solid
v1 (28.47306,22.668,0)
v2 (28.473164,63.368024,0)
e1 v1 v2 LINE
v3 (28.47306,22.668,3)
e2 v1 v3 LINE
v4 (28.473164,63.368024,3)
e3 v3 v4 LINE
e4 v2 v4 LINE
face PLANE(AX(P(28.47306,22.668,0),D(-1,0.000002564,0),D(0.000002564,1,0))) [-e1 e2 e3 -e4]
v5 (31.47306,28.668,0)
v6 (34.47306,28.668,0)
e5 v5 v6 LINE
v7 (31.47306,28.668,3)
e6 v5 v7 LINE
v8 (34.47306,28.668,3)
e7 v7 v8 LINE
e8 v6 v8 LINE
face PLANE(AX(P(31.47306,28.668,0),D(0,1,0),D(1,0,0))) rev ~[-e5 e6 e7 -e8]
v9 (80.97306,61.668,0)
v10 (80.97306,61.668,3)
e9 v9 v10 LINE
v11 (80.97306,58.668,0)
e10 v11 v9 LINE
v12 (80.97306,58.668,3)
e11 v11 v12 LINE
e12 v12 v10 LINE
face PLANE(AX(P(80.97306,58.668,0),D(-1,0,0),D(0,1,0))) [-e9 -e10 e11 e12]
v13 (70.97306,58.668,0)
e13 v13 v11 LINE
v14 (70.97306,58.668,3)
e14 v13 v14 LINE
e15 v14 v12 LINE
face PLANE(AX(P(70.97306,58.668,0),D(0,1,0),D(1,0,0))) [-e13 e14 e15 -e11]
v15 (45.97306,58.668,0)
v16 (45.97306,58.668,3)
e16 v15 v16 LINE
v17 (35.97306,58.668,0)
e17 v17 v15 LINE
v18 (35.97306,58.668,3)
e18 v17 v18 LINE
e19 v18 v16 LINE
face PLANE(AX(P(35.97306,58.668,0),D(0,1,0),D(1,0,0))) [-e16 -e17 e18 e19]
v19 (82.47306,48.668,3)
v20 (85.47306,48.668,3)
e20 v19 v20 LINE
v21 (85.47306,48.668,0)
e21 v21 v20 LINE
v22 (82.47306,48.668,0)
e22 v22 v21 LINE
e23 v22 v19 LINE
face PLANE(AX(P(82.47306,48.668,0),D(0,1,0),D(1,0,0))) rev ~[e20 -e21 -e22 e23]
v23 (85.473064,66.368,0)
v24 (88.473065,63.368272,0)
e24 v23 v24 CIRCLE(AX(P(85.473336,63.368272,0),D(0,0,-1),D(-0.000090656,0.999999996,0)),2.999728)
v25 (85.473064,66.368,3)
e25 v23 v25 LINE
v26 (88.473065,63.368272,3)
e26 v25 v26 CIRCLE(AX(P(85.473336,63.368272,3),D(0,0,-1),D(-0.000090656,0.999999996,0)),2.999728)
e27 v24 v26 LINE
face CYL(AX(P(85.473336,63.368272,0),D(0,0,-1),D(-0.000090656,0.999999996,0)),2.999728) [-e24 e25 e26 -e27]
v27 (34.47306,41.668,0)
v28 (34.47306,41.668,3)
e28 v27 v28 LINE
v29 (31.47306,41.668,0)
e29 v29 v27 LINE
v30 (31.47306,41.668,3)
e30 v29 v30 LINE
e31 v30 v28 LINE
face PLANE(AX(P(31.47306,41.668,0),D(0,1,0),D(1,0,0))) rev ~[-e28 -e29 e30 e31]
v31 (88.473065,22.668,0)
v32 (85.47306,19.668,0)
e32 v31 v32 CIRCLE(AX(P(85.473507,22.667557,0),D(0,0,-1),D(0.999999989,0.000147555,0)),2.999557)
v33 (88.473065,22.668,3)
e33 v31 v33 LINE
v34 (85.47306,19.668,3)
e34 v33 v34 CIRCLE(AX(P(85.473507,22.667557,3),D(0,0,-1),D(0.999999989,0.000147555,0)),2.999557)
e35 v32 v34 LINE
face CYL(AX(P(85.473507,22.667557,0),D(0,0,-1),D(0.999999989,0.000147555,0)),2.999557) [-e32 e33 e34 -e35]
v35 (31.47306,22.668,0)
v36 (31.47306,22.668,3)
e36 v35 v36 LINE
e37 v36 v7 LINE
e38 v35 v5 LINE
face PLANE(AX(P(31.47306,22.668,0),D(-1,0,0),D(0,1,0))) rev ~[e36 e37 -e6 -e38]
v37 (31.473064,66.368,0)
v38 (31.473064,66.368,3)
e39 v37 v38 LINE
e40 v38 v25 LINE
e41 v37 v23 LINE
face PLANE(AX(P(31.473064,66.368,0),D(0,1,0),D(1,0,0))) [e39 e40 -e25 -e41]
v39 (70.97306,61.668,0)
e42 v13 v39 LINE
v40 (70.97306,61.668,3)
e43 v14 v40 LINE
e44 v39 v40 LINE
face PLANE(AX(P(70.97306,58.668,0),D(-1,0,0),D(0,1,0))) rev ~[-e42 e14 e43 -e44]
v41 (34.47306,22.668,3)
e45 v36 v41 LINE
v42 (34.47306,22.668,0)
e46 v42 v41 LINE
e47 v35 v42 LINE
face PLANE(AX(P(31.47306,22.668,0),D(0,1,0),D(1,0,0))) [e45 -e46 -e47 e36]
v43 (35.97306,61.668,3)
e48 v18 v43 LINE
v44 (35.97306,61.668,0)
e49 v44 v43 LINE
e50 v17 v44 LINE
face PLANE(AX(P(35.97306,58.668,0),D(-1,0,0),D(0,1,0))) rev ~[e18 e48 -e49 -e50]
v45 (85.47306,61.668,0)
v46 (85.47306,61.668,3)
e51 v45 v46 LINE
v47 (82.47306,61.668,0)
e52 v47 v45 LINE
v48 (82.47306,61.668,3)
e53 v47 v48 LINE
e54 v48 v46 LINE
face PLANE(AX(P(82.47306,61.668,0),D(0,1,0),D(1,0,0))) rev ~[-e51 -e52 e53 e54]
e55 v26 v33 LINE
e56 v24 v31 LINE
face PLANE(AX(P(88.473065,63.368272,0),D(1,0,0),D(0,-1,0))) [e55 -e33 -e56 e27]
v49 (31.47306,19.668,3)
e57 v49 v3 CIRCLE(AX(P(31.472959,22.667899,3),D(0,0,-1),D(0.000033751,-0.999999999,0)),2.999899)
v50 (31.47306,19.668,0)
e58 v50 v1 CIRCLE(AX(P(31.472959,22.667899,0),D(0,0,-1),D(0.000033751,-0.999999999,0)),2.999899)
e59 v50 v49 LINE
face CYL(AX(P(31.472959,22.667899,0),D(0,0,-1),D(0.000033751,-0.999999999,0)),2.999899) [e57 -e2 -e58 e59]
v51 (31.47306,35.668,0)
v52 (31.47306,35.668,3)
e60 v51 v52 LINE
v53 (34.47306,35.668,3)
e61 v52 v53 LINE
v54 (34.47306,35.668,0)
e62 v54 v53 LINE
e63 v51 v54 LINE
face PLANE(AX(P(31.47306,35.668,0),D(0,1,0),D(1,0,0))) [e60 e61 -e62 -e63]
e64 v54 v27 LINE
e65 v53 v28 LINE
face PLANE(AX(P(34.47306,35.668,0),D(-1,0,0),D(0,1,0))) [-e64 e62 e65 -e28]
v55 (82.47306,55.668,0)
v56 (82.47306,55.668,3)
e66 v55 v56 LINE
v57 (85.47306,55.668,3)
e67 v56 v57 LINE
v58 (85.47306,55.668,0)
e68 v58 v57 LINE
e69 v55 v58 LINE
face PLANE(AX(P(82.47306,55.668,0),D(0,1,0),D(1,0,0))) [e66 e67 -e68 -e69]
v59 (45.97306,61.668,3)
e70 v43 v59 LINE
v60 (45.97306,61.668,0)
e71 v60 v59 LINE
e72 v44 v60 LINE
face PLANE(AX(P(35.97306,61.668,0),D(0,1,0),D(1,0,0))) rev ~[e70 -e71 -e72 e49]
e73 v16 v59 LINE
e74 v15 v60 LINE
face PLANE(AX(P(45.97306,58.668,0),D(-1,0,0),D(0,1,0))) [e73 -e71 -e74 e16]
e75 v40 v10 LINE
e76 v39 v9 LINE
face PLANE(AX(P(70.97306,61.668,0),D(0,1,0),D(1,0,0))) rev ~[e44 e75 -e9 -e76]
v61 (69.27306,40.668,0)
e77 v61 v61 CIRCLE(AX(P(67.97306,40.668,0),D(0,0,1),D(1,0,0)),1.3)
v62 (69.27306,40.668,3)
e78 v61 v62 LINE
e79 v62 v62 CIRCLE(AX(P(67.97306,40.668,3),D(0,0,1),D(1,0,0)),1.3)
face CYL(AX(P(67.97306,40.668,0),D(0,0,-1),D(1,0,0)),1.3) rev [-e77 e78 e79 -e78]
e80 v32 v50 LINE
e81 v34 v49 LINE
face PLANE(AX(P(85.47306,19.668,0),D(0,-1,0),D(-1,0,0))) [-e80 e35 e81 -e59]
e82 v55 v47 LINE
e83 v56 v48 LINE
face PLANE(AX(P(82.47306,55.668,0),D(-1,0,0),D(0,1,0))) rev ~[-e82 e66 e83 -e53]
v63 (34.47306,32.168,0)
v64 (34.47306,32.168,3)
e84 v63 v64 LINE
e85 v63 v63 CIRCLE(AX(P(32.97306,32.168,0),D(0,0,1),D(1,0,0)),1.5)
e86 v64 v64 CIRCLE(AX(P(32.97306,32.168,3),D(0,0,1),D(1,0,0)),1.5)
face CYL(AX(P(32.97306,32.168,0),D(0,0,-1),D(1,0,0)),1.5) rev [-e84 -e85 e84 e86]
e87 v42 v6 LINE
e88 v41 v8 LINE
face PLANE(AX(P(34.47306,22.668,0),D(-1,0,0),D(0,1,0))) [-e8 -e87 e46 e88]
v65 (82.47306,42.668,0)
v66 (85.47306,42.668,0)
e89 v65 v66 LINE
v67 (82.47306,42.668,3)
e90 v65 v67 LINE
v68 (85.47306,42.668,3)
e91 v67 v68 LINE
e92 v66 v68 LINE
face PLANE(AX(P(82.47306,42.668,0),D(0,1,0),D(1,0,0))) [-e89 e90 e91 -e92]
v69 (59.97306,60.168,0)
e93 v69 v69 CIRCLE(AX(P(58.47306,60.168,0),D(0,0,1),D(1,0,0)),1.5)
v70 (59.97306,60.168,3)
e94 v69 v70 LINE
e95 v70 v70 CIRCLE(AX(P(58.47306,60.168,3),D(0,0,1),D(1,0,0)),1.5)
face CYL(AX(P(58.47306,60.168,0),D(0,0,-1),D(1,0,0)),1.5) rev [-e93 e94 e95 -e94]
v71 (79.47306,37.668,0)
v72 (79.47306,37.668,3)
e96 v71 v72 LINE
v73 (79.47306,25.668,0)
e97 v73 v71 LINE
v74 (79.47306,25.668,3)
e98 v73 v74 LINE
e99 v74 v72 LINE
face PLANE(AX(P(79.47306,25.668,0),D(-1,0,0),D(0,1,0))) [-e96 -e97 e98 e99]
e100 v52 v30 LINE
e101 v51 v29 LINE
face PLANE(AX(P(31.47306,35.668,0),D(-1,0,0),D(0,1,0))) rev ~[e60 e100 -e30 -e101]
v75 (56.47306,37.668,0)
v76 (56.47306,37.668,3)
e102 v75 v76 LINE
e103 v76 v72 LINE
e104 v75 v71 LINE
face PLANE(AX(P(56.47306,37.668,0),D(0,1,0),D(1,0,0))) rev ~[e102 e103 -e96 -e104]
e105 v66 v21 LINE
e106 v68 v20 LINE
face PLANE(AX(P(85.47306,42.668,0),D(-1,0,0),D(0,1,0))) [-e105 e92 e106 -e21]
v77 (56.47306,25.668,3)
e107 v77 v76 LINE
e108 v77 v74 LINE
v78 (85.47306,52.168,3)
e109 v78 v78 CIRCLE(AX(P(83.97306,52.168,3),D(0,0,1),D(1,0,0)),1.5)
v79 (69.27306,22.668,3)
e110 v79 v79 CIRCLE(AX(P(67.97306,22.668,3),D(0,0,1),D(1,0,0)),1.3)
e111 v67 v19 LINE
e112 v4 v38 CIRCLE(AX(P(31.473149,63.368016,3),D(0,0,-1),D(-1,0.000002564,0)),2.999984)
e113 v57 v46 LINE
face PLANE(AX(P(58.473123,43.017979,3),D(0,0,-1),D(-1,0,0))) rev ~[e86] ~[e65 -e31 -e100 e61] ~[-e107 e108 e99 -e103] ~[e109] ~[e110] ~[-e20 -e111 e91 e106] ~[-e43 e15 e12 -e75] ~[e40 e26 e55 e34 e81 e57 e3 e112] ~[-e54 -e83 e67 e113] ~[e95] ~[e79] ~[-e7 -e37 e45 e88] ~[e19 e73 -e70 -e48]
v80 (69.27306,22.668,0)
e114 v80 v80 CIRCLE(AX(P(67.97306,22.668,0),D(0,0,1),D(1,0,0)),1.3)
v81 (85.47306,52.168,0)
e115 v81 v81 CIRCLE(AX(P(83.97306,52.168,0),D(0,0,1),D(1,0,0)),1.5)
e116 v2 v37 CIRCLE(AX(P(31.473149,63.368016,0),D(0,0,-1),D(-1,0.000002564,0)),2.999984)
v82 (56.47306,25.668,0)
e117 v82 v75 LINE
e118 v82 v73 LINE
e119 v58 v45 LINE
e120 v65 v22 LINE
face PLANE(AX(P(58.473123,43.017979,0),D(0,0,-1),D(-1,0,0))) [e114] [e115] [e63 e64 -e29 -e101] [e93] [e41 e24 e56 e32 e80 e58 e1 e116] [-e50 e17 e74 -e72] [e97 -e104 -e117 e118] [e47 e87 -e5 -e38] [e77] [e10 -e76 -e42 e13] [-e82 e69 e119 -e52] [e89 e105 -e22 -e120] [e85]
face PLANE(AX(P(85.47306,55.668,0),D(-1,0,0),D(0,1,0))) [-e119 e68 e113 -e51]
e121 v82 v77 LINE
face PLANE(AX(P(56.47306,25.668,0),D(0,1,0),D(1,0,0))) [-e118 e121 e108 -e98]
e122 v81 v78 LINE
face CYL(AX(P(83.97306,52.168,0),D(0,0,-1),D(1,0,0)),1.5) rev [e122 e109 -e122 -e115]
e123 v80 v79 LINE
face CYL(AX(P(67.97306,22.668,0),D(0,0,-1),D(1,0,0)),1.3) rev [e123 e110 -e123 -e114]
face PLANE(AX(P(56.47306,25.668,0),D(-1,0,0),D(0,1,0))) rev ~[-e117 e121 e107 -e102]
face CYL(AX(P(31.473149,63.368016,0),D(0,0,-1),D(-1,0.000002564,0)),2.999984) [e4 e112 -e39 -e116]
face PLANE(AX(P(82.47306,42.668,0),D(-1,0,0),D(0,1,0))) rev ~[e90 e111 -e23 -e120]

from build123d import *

# Parameters (mm, degrees)
MODEL_R             = 1.500000002
MODEL_R_2           = 1.300000002
MODEL_R_3           = 1.500000003
MODEL_W             = 3
MODEL_H             = 6
MODEL_W_2           = 10
MODEL_H_2           = 3
MODEL_W_3           = 23
MODEL_H_3           = 12
BOSS_EXTRUDE1_DEPTH = 3


with BuildPart() as part:
    # Model → Boss-Extrude1 (new body)
    with BuildSketch(Plane.XY):
        with BuildLine():
            Line((28.47306014, 22.66800001), (28.473164499, 63.3680236))
            ThreePointArc((28.473164499, 63.3680236), (29.351812484, 65.489297995), (31.473064499, 66.36800001))
            Line((31.473064499, 66.36800001), (85.473064499, 66.36800001))
            ThreePointArc((85.473064499, 66.36800001), (87.594368353, 65.489496156), (88.473064511, 63.368271953))
            Line((88.473064511, 63.368271953), (88.473064511, 22.66800001))
            ThreePointArc((88.473064511, 22.66800001), (87.594512967, 20.546548464), (85.47306014, 19.66800001))
            Line((85.47306014, 19.66800001), (31.47306014, 19.66800001))
            ThreePointArc((31.47306014, 19.66800001), (29.351710139, 20.54665001), (28.47306014, 22.66800001))
        make_face()
        with Locations((32.973060142, 32.168000012)):
            Circle(MODEL_R, mode=Mode.SUBTRACT)
        with Locations((58.473060142, 60.168000012)):
            Circle(MODEL_R, mode=Mode.SUBTRACT)
        with Locations((67.973060142, 22.668000012)):
            Circle(MODEL_R_2, mode=Mode.SUBTRACT)
        with Locations((67.973060142, 40.668000012)):
            Circle(MODEL_R_2, mode=Mode.SUBTRACT)
        with Locations((83.97306014, 52.16800001)):
            Circle(MODEL_R_3, mode=Mode.SUBTRACT)
        with Locations((32.97306014, 38.66800001)):
            Rectangle(MODEL_W, MODEL_H, mode=Mode.SUBTRACT)
        with Locations((40.97306014, 60.16800001)):
            Rectangle(MODEL_W_2, MODEL_H_2, mode=Mode.SUBTRACT)
        with Locations((32.97306014, 25.66800001)):
            Rectangle(MODEL_W, MODEL_H, mode=Mode.SUBTRACT)
        with Locations((75.97306014, 60.16800001)):
            Rectangle(MODEL_W_2, MODEL_H_2, mode=Mode.SUBTRACT)
        with Locations((83.97306014, 58.66800001)):
            Rectangle(MODEL_W, MODEL_H, mode=Mode.SUBTRACT)
        with Locations((83.97306014, 45.66800001)):
            Rectangle(MODEL_W, MODEL_H, mode=Mode.SUBTRACT)
        with Locations((67.97306014, 31.66800001)):
            Rectangle(MODEL_W_3, MODEL_H_3, mode=Mode.SUBTRACT)
    extrude(amount=BOSS_EXTRUDE1_DEPTH)


solid = part.part
